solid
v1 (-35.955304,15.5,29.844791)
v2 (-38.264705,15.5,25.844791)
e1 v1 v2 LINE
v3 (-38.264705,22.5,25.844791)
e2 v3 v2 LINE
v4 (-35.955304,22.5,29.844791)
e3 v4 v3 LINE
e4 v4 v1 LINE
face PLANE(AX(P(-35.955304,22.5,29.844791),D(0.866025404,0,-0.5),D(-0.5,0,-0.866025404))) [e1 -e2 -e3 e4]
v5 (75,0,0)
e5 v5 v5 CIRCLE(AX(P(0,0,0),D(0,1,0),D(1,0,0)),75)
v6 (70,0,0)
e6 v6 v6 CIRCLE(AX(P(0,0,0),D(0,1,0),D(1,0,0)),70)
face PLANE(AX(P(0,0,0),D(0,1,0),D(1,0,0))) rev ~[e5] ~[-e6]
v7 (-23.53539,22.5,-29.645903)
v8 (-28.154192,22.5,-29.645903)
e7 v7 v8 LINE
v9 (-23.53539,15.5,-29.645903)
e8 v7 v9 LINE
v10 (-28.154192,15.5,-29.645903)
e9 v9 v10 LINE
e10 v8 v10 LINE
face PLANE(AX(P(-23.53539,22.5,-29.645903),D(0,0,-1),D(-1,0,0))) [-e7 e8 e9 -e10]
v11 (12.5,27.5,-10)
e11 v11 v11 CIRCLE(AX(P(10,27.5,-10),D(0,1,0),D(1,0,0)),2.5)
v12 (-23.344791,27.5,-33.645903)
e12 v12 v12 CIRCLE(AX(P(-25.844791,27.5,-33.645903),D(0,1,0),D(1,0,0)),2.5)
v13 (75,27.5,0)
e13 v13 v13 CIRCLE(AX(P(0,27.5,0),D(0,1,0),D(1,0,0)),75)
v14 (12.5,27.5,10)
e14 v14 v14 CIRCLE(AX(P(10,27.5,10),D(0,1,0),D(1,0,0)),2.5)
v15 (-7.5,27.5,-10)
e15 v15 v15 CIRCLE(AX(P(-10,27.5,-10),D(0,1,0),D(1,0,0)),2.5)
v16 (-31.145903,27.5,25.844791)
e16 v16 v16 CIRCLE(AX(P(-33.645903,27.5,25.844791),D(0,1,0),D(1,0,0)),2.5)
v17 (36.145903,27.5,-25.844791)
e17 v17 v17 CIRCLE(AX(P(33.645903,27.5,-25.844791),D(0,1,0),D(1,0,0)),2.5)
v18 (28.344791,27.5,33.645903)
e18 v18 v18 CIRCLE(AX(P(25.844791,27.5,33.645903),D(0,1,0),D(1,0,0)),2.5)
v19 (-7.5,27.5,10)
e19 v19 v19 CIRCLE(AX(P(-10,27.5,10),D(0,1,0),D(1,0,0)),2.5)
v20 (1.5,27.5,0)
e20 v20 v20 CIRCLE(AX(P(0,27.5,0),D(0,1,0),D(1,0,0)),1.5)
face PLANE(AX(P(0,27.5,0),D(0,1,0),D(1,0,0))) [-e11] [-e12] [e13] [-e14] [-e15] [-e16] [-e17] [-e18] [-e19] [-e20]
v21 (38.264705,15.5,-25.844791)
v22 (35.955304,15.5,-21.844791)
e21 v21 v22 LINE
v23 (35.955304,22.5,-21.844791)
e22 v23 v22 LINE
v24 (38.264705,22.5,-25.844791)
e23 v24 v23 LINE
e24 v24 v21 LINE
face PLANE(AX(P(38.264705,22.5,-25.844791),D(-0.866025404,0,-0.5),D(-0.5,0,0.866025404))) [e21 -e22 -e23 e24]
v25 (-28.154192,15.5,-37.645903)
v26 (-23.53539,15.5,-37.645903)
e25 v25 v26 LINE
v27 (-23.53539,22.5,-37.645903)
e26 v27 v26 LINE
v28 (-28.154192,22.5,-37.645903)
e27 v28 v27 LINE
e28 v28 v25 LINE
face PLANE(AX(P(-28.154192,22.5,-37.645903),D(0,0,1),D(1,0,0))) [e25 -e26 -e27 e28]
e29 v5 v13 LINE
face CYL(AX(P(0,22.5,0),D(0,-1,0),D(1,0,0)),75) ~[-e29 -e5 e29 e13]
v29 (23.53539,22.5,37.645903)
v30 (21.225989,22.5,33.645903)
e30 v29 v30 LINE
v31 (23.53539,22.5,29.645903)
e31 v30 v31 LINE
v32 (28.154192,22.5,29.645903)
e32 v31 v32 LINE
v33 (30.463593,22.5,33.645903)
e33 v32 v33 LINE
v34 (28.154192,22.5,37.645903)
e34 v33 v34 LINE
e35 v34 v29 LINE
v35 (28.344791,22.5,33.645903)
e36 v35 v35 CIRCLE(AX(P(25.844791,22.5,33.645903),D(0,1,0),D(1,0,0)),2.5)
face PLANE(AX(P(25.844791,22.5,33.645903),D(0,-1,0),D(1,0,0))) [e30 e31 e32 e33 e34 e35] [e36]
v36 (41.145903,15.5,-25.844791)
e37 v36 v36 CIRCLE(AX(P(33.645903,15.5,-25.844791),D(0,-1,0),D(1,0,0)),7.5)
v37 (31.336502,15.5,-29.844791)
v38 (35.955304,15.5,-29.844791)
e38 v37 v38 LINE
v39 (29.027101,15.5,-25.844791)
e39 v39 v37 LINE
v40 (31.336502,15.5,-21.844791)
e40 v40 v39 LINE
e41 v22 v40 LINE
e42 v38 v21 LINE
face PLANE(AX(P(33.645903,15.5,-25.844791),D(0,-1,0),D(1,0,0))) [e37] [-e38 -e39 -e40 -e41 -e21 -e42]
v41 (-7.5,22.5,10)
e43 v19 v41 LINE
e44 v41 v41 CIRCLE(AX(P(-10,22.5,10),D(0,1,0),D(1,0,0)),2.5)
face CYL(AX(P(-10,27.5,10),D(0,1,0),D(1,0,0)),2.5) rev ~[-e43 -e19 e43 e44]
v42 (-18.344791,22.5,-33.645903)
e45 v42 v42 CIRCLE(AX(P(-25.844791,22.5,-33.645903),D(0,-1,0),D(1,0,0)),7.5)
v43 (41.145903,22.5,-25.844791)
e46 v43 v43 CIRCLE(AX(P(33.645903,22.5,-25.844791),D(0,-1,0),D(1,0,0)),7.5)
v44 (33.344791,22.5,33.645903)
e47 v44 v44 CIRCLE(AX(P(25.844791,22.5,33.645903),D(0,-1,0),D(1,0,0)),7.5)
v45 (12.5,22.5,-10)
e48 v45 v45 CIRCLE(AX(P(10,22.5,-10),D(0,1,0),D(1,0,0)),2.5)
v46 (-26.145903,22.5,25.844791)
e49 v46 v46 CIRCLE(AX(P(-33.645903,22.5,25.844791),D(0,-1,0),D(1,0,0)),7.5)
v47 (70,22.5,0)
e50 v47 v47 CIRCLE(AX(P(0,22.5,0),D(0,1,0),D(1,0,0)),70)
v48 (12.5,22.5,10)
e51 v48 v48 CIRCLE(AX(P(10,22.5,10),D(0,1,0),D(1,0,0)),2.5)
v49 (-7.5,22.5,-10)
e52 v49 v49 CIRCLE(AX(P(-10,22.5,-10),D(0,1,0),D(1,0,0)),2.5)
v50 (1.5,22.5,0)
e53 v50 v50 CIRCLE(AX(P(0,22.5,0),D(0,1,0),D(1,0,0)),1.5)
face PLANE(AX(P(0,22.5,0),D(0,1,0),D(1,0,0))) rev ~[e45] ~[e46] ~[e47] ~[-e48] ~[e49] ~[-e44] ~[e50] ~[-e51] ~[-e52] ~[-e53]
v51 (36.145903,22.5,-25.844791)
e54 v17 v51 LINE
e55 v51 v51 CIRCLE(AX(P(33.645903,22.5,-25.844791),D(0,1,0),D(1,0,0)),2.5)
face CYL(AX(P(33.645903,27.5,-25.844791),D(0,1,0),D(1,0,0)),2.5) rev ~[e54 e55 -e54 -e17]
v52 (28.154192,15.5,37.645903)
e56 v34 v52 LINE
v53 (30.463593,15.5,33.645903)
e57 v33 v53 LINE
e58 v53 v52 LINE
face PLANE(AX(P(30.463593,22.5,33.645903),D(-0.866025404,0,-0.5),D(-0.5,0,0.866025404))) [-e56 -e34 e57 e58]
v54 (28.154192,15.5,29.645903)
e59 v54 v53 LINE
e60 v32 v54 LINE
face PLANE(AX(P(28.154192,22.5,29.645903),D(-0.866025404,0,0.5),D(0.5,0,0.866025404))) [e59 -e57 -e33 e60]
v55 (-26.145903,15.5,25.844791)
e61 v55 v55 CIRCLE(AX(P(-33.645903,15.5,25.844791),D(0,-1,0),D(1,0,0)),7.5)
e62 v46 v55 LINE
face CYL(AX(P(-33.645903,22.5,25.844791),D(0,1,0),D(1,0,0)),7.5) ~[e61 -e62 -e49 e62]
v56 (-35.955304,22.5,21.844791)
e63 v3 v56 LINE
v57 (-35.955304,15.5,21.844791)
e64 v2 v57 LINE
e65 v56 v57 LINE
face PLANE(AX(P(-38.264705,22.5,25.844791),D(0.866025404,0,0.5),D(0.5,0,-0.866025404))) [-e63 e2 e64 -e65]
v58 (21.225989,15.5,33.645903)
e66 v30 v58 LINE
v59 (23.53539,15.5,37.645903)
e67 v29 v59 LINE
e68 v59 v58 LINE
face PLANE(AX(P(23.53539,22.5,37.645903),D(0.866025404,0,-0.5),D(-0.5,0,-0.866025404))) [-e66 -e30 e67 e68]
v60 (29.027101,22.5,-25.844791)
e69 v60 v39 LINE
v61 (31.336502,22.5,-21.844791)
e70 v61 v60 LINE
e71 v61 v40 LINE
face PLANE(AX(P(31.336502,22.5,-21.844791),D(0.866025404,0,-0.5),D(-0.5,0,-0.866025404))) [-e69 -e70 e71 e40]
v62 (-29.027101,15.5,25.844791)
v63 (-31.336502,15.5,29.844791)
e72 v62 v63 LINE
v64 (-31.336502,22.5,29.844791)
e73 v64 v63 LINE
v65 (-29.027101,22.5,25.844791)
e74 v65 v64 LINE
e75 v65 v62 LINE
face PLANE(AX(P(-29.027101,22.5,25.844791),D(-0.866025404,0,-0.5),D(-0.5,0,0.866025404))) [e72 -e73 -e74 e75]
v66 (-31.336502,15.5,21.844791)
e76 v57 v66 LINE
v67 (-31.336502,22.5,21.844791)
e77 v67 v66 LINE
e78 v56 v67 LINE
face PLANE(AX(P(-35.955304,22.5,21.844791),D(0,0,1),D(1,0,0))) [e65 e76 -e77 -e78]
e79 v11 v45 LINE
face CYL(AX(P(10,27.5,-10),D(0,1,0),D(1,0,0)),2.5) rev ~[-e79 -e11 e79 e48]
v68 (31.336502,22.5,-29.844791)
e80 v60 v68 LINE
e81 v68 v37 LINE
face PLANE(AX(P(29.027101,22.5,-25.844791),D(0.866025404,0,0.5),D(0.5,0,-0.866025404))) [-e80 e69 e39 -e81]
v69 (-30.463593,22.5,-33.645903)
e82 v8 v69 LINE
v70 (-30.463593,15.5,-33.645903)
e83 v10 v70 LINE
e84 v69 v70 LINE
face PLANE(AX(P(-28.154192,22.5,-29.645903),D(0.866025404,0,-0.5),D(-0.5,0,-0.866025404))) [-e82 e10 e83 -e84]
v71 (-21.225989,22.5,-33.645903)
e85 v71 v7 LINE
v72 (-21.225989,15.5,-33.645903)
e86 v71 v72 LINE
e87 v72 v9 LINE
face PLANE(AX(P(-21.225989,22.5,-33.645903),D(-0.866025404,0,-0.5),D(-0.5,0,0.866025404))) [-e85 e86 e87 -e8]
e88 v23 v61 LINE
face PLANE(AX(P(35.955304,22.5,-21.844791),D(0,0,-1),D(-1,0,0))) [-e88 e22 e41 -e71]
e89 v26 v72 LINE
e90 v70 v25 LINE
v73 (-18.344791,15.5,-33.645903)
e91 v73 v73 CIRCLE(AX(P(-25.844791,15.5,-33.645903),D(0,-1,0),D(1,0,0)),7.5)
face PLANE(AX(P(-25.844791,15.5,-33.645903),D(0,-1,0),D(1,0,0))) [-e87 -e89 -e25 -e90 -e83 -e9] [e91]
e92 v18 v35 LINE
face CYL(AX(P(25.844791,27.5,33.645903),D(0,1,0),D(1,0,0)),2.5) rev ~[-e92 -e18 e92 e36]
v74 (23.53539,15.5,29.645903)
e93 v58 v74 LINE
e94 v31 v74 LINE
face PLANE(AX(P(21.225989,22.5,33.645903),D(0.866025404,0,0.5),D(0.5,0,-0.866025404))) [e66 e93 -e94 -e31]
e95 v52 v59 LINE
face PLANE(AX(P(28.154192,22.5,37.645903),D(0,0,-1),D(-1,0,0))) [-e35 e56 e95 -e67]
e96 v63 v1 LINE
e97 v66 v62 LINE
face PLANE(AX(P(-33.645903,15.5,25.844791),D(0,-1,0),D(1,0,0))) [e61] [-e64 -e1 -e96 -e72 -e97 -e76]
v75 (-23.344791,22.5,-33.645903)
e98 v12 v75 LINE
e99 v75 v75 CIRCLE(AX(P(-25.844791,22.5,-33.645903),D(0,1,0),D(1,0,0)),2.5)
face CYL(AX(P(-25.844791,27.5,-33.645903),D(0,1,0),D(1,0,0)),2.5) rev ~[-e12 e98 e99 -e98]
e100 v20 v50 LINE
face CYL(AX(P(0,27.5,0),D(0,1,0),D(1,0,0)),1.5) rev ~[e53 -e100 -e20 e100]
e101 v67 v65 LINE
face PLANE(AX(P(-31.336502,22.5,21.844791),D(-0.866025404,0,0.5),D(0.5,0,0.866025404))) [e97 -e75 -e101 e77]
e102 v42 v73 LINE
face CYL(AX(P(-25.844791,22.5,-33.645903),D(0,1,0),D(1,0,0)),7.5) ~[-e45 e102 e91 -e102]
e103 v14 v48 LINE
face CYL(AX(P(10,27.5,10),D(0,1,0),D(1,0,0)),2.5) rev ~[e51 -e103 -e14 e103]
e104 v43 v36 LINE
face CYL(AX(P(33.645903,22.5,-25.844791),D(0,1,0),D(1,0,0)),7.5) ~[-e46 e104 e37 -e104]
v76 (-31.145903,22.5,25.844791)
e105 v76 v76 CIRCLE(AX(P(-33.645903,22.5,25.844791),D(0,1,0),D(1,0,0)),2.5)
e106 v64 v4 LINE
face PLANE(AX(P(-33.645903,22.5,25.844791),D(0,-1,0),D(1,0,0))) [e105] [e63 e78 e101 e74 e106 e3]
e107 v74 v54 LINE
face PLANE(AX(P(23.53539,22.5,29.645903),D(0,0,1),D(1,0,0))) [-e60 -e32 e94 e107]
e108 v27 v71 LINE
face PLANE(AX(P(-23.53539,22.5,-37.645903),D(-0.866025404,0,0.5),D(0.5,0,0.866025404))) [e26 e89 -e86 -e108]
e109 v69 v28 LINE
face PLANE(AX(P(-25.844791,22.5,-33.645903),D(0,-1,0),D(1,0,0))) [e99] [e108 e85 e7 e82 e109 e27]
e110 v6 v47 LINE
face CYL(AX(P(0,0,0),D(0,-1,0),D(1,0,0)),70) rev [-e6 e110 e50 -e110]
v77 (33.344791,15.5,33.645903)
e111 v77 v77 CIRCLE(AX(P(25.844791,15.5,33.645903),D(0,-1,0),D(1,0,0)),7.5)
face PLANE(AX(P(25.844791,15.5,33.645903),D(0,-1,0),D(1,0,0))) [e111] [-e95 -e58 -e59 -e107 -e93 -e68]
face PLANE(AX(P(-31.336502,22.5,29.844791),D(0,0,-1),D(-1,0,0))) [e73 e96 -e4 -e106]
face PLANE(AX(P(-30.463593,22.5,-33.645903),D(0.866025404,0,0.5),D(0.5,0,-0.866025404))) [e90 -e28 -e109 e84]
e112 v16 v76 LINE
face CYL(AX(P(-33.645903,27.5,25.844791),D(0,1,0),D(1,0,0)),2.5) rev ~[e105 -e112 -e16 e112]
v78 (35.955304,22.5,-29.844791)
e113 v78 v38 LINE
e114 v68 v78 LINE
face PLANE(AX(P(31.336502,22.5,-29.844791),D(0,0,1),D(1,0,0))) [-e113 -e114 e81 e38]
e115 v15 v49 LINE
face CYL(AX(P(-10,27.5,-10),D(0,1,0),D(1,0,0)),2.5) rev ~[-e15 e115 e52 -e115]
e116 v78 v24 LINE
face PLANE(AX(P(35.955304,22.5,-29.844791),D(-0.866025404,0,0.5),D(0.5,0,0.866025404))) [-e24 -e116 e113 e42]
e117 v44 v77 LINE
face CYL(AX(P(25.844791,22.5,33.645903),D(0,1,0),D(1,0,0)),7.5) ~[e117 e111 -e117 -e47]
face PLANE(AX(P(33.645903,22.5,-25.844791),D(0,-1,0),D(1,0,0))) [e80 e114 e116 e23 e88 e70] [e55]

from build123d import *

# Parameters (mm, degrees)
SKETCH1_R            = 75
SKETCH1_R_2          = 70
BOSS_EXTRUDE1_DEPTH  = 22.5
SKETCH2_R            = 75
BOSS_EXTRUDE2_DEPTH  = 5
SKETCH4_R            = 1.5
CUT_EXTRUDE2_DEPTH   = 5
SKETCH5_R            = 2.5
CUT_EXTRUDE3_DEPTH   = 10
LPATTERN1_COUNT      = 2
LPATTERN1_PITCH      = 20
LPATTERN1_COUNT_DIR2 = 2
LPATTERN1_PITCH_DIR2 = 20
SKETCH6_R            = 2.5
CUT_EXTRUDE4_DEPTH   = 10
SKETCH8_R            = 7.5
BOSS_EXTRUDE3_DEPTH  = 7
CUT_EXTRUDE5_DEPTH   = 7


with BuildPart() as part:
    # Sketch1 → Boss-Extrude1 (new body)
    with BuildSketch(Plane(origin=(0, 0, 0), x_dir=(1, 0, 0), z_dir=(0, 1, 0))):
        Circle(SKETCH1_R)
        Circle(SKETCH1_R_2, mode=Mode.SUBTRACT)
    extrude(amount=BOSS_EXTRUDE1_DEPTH)

    # Sketch2 → Boss-Extrude2 (add)
    with BuildSketch(Plane(origin=(0, 22.5, 0), x_dir=(1, 0, 0), z_dir=(0, 1, 0))):
        Circle(SKETCH2_R)
    extrude(amount=BOSS_EXTRUDE2_DEPTH)

    # Sketch4 → Cut-Extrude2 (cut)
    with BuildSketch(Plane(origin=(0, 27.5, 0), x_dir=(1, 0, 0), z_dir=(0, 1, 0))):
        Circle(SKETCH4_R)
    extrude(amount=-CUT_EXTRUDE2_DEPTH, mode=Mode.SUBTRACT)

    # Sketch5 → Cut-Extrude3 (cut)
    with BuildSketch(Plane(origin=(0, 27.5, 0), x_dir=(1, 0, 0), z_dir=(0, 1, 0))):
        with Locations((-10, 10)):
            Circle(SKETCH5_R)
    cut_extrude3 = extrude(amount=-CUT_EXTRUDE3_DEPTH, mode=Mode.SUBTRACT)

    # LPattern1: Cut-Extrude3 2 × 2
    with Locations(*[(j * LPATTERN1_PITCH_DIR2, 0, i * LPATTERN1_PITCH) for i in range(LPATTERN1_COUNT) for j in range(LPATTERN1_COUNT_DIR2) if (i, j) != (0, 0)]):
        add(cut_extrude3, mode=Mode.SUBTRACT)

    # Sketch6 → Cut-Extrude4 (cut)
    with BuildSketch(Plane(origin=(0, 27.5, 0), x_dir=(1, 0, 0), z_dir=(0, 1, 0))):
        with Locations((-25.844790679, 33.64590309)):
            Circle(SKETCH6_R)
        with Locations((33.64590309, 25.844790679)):
            Circle(SKETCH6_R)
        with Locations((-33.64590309, -25.844790679)):
            Circle(SKETCH6_R)
        with Locations((25.844790679, -33.64590309)):
            Circle(SKETCH6_R)
    extrude(amount=-CUT_EXTRUDE4_DEPTH, mode=Mode.SUBTRACT)

    # Sketch8 → Boss-Extrude3 (add)
    with BuildSketch(Plane.XZ.offset(-22.5)):
        with Locations((-33.64590309, 25.844790679)):
            Circle(SKETCH8_R)
        with Locations((25.844790679, 33.64590309)):
            Circle(SKETCH8_R)
        with Locations((33.64590309, -25.844790679)):
            Circle(SKETCH8_R)
        with Locations((-25.844790679, -33.64590309)):
            Circle(SKETCH8_R)
    extrude(amount=BOSS_EXTRUDE3_DEPTH)

    # Sketch7 → Cut-Extrude5 (cut)
    with BuildSketch(Plane.XZ.offset(-22.5)):
        Polygon((-31.336502014, 29.844790679), (-35.955304167, 29.844790679), (-38.264705244, 25.844790679), (-35.955304167, 21.844790679), (-31.336502014, 21.844790679), (-29.027100937, 25.844790679), align=None)
        Polygon((28.154191756, 37.64590309), (23.535389602, 37.64590309), (21.225988525, 33.64590309), (23.535389602, 29.64590309), (28.154191756, 29.64590309), (30.463592832, 33.64590309), align=None)
        Polygon((35.955304167, -21.844790679), (31.336502014, -21.844790679), (29.027100937, -25.844790679), (31.336502014, -29.844790679), (35.955304167, -29.844790679), (38.264705244, -25.844790679), align=None)
        Polygon((-23.535389602, -29.64590309), (-28.154191756, -29.64590309), (-30.463592832, -33.64590309), (-28.154191756, -37.64590309), (-23.535389602, -37.64590309), (-21.225988525, -33.64590309), align=None)
    extrude(amount=CUT_EXTRUDE5_DEPTH, mode=Mode.SUBTRACT)


solid = part.part
